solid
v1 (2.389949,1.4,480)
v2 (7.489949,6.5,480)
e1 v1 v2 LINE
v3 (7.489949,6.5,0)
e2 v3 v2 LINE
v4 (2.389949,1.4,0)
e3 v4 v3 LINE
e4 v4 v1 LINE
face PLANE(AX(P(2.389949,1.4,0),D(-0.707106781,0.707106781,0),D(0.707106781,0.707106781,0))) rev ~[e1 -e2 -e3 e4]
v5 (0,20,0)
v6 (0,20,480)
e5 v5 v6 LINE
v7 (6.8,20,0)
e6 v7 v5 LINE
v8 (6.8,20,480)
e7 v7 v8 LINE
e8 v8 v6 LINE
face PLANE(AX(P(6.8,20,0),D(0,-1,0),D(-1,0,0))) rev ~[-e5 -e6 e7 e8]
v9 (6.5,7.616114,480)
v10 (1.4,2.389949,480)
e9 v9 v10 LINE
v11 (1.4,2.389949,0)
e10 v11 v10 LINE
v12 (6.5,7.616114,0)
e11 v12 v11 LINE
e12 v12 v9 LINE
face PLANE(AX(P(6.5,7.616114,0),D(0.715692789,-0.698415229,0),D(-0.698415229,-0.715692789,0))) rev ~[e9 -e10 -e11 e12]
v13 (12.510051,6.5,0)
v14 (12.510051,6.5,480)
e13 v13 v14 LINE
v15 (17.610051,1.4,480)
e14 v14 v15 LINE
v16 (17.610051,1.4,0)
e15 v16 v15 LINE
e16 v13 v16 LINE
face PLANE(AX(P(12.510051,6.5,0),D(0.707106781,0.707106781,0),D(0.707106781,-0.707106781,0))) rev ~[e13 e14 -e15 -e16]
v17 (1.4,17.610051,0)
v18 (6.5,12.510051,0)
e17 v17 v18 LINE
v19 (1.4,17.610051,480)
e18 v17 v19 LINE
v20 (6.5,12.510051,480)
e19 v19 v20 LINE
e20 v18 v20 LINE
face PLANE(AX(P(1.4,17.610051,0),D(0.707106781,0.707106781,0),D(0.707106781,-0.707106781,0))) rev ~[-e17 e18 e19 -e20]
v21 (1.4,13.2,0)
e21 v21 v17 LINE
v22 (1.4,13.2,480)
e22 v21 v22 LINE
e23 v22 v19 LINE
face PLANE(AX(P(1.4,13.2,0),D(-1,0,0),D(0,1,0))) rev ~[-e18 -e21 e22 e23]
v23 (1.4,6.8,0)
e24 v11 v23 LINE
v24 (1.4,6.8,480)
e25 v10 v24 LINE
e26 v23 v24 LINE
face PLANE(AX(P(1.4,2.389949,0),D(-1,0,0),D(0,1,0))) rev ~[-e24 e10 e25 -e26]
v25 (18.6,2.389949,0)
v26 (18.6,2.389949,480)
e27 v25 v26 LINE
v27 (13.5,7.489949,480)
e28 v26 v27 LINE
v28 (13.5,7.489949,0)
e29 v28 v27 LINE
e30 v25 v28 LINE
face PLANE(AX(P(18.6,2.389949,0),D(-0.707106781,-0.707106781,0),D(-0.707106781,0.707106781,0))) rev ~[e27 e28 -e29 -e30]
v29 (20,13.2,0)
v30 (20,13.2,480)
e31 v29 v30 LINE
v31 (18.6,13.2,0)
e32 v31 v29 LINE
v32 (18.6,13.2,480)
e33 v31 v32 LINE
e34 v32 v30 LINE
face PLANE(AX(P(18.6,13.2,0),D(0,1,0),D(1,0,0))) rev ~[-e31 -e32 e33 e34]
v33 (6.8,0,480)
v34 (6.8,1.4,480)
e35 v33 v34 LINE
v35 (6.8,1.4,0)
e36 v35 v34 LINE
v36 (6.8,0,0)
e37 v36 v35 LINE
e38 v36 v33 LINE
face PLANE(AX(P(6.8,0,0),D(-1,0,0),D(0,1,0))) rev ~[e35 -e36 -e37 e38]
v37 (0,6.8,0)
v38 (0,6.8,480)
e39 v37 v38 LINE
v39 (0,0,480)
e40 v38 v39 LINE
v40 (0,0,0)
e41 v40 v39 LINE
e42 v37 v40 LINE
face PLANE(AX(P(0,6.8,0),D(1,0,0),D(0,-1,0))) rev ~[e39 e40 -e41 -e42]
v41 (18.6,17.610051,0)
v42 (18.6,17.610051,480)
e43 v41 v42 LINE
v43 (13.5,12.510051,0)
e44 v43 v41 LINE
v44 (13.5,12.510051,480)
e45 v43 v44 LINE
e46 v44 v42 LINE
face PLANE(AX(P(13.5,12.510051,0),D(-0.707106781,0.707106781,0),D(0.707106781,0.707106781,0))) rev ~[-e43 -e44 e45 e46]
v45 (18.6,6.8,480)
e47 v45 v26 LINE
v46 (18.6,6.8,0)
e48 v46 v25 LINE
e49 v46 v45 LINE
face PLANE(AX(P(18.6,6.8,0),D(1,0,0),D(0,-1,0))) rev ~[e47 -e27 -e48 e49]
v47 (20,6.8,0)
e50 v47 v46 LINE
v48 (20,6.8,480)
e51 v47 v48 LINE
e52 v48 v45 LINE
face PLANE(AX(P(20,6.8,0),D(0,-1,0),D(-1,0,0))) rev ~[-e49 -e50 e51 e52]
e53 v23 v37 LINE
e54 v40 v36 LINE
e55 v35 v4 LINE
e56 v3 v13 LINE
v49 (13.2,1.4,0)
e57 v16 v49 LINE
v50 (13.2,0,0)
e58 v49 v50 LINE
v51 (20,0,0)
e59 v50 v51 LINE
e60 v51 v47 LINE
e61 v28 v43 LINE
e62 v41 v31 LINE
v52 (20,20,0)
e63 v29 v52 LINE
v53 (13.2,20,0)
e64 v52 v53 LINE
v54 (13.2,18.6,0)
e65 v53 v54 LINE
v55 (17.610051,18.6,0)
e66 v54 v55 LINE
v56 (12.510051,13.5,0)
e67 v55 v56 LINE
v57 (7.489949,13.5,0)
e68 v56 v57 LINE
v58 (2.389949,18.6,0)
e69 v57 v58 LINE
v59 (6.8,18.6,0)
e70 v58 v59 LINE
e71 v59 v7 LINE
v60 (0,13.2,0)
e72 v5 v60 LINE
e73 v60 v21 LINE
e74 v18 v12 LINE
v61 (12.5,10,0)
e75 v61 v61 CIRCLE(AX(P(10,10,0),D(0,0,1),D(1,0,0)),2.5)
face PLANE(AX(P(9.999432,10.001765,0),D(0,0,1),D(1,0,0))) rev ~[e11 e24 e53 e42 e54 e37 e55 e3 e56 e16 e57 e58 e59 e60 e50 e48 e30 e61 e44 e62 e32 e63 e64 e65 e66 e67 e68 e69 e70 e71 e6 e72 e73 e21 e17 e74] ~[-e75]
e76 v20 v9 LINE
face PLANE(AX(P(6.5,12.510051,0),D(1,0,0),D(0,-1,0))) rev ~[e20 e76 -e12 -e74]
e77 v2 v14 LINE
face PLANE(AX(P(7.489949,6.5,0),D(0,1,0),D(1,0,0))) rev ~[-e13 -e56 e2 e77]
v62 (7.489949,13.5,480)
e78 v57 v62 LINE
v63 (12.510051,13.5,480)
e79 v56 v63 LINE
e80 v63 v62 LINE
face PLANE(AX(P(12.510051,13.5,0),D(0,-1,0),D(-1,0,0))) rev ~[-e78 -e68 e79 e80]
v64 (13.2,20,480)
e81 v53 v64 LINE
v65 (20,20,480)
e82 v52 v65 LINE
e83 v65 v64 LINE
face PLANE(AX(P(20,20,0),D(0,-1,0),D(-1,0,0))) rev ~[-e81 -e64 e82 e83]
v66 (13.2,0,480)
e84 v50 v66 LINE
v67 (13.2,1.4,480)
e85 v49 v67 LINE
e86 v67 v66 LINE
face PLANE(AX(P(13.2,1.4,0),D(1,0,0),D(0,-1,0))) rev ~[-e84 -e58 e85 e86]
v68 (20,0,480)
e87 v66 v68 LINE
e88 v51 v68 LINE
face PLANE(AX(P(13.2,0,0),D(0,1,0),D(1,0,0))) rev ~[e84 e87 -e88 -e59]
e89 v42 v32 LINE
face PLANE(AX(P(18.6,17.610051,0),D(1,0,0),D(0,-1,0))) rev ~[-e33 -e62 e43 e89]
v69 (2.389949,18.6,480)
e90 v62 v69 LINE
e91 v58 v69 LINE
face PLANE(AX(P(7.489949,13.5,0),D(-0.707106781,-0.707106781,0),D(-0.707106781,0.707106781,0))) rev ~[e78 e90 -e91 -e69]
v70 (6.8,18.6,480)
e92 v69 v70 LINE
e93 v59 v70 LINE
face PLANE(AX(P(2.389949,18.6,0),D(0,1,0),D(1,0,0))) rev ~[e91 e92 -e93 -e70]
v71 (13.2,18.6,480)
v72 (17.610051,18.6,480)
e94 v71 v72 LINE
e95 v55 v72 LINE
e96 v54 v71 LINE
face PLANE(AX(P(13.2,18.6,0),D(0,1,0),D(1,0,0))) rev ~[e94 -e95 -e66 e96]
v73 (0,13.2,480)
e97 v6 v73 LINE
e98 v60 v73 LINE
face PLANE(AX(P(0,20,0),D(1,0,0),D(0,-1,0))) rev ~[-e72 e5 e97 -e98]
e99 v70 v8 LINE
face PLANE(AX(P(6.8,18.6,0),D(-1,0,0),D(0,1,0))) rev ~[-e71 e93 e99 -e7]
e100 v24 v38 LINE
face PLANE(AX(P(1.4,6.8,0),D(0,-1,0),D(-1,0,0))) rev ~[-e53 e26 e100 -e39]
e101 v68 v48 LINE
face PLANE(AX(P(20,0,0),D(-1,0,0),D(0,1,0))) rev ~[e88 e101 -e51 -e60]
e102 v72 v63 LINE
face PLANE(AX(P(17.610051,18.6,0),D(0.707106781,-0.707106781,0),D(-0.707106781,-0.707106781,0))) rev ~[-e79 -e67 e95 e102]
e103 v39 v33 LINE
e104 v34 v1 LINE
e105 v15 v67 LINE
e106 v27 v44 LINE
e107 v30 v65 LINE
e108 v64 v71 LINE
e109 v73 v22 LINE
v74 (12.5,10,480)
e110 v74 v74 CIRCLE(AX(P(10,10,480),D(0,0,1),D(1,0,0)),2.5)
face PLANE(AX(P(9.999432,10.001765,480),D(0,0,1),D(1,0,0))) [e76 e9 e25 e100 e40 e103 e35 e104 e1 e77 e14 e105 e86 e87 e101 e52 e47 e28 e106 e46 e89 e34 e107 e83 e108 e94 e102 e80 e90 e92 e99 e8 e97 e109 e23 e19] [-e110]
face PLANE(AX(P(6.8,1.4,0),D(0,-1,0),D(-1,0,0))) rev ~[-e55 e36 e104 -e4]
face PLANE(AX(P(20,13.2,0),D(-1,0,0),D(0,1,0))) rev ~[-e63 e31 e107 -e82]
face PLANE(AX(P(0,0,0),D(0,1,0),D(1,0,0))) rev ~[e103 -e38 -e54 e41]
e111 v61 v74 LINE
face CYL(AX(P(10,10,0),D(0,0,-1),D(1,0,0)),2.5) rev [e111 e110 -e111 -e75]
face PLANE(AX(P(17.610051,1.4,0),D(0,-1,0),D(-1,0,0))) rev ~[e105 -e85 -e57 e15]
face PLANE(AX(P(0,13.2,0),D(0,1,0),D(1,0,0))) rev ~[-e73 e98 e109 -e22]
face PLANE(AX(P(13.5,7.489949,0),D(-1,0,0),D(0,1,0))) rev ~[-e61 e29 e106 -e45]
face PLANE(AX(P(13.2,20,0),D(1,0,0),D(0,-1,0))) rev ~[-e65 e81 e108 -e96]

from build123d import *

# Parameters (mm, degrees)
F0_R     = 2.5
F1_DEPTH = 480


with BuildPart() as f1:
    # F0 (on Top) → F1 (new body)
    with BuildSketch(Plane.XY):
        Polygon((6.5, 7.616114), (1.4, 2.389949), (1.4, 6.8), (0, 6.8), (0, 0), (6.8, 0), (6.8, 1.4), (2.389949, 1.4), (7.489949, 6.5), (12.510051, 6.5), (17.610051, 1.4), (13.2, 1.4), (13.2, 0), (20, 0), (20, 6.8), (18.6, 6.8), (18.6, 2.389949), (13.5, 7.489949), (13.5, 12.510051), (18.6, 17.610051), (18.6, 13.2), (20, 13.2), (20, 20), (13.2, 20), (13.2, 18.6), (17.610051, 18.6), (12.510051, 13.5), (7.489949, 13.5), (2.389949, 18.6), (6.8, 18.6), (6.8, 20), (0, 20), (0, 13.2), (1.4, 13.2), (1.4, 17.610051), (6.5, 12.510051), align=None)
        with Locations((10, 10)):
            Circle(F0_R, mode=Mode.SUBTRACT)
    extrude(amount=F1_DEPTH)


solid = f1.part
